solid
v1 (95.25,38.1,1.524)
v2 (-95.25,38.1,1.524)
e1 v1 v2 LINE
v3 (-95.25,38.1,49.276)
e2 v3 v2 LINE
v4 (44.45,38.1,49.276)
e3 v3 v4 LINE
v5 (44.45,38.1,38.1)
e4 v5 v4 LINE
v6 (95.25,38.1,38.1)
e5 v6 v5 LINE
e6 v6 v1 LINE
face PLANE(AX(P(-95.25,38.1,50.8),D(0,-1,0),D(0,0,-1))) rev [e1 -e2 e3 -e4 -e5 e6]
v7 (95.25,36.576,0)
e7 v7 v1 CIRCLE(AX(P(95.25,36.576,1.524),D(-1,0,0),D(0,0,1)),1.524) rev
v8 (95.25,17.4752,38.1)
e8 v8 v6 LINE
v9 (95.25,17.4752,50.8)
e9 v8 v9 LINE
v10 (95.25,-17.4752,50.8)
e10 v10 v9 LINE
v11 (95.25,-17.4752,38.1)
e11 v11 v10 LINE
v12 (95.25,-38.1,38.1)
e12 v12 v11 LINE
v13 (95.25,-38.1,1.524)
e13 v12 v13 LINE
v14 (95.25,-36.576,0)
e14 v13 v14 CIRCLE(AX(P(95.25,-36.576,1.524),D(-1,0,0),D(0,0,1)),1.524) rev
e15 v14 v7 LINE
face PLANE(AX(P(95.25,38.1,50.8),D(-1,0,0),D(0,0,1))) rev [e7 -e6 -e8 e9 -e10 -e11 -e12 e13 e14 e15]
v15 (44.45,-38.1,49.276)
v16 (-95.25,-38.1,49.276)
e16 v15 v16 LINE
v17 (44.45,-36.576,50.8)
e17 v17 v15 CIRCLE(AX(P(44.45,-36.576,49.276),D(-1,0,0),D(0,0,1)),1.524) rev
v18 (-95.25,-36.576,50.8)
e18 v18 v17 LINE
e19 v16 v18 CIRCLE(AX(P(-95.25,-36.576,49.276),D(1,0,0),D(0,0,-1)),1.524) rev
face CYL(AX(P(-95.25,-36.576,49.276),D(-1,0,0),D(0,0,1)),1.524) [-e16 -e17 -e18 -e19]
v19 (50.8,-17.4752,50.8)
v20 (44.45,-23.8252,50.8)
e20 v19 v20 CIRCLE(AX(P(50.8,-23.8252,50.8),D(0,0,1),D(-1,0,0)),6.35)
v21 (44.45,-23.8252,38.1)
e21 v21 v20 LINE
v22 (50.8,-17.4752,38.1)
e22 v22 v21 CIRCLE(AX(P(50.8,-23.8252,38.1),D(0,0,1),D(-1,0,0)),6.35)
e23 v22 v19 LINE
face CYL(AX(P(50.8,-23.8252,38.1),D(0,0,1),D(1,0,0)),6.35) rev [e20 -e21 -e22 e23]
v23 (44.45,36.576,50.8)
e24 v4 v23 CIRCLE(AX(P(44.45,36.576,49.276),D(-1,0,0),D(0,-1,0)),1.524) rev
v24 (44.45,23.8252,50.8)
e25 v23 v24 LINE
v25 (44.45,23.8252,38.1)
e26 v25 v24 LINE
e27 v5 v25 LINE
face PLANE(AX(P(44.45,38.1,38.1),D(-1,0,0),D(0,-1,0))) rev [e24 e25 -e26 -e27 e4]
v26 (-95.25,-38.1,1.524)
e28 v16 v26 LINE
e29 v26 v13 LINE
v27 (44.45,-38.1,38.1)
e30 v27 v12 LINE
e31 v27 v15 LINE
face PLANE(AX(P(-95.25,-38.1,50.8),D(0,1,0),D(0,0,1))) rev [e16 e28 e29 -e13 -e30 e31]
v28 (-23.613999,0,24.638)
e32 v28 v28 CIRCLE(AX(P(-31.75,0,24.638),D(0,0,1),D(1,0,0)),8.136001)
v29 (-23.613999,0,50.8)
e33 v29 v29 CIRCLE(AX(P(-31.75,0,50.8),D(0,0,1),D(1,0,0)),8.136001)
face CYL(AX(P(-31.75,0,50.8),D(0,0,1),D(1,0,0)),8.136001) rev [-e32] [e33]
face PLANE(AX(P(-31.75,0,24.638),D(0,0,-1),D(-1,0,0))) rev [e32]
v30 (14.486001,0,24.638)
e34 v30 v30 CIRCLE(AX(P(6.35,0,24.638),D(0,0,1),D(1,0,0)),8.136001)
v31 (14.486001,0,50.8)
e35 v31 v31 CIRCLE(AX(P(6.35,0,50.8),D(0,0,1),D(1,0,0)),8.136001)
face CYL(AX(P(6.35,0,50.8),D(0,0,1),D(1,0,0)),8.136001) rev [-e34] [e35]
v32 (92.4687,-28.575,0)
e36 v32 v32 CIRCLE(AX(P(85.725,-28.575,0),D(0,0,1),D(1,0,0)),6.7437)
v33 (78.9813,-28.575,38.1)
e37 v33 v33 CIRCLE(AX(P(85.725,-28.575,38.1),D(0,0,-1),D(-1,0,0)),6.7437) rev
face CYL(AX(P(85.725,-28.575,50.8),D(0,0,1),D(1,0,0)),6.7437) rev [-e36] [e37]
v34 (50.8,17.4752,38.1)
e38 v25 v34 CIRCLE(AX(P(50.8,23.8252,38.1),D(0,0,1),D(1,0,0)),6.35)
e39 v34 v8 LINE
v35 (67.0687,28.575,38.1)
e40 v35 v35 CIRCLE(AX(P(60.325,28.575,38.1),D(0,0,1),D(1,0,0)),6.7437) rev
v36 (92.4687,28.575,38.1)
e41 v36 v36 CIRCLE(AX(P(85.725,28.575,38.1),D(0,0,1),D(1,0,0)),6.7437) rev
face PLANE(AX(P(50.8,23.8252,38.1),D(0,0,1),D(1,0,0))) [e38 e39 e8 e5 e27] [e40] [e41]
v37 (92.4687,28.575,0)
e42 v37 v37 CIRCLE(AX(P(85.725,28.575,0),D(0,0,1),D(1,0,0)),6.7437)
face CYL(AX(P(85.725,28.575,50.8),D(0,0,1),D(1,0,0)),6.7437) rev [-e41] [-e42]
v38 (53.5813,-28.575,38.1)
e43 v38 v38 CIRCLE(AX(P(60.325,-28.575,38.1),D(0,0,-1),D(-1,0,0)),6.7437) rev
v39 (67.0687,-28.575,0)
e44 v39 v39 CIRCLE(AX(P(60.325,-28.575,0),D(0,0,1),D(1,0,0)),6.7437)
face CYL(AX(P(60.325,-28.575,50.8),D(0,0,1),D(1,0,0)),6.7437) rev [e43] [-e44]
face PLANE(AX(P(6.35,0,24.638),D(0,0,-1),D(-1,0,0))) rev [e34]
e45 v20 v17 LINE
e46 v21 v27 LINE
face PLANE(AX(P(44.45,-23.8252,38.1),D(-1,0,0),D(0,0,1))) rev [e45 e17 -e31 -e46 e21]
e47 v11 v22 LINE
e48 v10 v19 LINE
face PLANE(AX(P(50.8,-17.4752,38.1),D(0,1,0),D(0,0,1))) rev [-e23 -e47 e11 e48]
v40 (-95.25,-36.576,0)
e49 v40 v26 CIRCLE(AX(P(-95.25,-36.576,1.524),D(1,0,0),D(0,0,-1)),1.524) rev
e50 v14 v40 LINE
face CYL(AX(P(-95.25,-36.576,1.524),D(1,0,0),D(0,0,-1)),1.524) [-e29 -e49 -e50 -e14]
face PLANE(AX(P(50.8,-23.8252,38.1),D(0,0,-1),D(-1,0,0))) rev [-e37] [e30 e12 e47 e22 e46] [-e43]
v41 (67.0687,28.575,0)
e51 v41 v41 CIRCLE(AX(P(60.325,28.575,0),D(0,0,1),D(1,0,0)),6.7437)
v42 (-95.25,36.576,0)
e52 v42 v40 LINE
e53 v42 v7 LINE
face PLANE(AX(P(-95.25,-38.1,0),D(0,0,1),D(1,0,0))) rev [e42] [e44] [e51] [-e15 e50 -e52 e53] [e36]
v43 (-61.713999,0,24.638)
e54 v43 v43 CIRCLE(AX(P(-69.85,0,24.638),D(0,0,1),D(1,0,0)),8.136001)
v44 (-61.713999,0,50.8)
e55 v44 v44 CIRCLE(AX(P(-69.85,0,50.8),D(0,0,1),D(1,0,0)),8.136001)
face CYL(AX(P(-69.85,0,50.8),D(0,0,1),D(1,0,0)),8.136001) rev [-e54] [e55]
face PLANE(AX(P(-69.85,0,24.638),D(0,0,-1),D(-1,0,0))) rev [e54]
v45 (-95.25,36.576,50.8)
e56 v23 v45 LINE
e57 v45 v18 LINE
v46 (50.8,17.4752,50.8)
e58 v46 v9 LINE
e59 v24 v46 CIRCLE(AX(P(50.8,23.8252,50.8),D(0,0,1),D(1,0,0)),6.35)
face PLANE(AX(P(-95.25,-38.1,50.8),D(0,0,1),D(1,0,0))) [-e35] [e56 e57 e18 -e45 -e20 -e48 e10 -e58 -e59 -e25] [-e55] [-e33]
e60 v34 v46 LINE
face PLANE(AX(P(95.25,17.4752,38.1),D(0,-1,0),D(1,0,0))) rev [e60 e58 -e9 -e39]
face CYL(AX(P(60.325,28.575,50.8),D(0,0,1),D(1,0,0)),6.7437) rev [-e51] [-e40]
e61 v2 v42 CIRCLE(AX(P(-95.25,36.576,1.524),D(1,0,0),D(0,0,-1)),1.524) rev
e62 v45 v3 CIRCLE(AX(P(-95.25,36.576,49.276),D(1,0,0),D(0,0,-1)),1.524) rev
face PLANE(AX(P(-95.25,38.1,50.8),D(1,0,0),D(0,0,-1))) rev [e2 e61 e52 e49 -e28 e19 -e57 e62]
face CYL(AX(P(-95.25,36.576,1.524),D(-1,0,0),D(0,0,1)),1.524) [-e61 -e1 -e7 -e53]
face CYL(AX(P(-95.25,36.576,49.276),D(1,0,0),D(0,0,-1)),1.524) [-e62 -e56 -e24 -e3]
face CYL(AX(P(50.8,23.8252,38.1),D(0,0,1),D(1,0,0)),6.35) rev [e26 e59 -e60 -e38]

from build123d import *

# Parameters (mm, degrees)
SKETCH1_W                            = 190.5
SKETCH1_H                            = 76.2
BOSS_EXTRUDE1_DEPTH                  = 50.8
FILLET1_R                            = 1.524
F_41_64_0_64063_DIAMETER_HOLE1_D     = 16.272002
F_41_64_0_64063_DIAMETER_HOLE1_DEPTH = 26.162
F_1_2_0_5_DIAMETER_HOLE1_D           = 13.4874
CUT_EXTRUDE1_DEPTH                   = 12.7


with BuildPart() as part:
    # Sketch1 → Boss-Extrude1 (new body)
    with BuildSketch(Plane.XY):
        Rectangle(SKETCH1_W, SKETCH1_H)
    extrude(amount=BOSS_EXTRUDE1_DEPTH)

    # Fillet1
    fillet1_edges = [part.edges().sort_by_distance(p)[0] for p in [
        (0, 38.1, 50.8),
        (0, 38.1, 0),
        (0, -38.1, 0),
        (0, -38.1, 50.8),
    ]]
    fillet(fillet1_edges, radius=FILLET1_R)

    # 41/64 (0.64063) Diameter Hole1
    with Locations(Plane.XY.offset(50.8)):
        with Locations((-69.85, 0), (-31.75, 0), (6.35, 0)):
            Hole(F_41_64_0_64063_DIAMETER_HOLE1_D / 2, depth=F_41_64_0_64063_DIAMETER_HOLE1_DEPTH)

    # 1/2 (0.5) Diameter Hole1 (through all)
    with Locations(Plane.XY.offset(50.8)):
        with Locations((60.325, 28.575), (85.725, 28.575), (60.325, -28.575), (85.725, -28.575)):
            Hole(F_1_2_0_5_DIAMETER_HOLE1_D / 2)

    # Sketch7 → Cut-Extrude1 (cut)
    with BuildSketch(Plane.XY.offset(50.8)):
        with BuildLine():
            Line((95.25, 38.1), (44.45, 38.1))
            Line((44.45, 38.1), (44.45, 23.8252))
            ThreePointArc((44.45, 23.8252), (46.309871939, 19.335071939), (50.8, 17.4752))
            Line((50.8, 17.4752), (95.25, 17.4752))
            Line((95.25, 17.4752), (95.25, 38.1))
        make_face()
        with BuildLine():
            Line((50.8, -17.4752), (95.25, -17.4752))
            Line((95.25, -17.4752), (95.25, -38.1))
            Line((95.25, -38.1), (44.45, -38.1))
            Line((44.45, -38.1), (44.45, -23.8252))
            ThreePointArc((44.45, -23.8252), (46.309871939, -19.335071939), (50.8, -17.4752))
        make_face()
    extrude(amount=-CUT_EXTRUDE1_DEPTH, mode=Mode.SUBTRACT)


solid = part.part
